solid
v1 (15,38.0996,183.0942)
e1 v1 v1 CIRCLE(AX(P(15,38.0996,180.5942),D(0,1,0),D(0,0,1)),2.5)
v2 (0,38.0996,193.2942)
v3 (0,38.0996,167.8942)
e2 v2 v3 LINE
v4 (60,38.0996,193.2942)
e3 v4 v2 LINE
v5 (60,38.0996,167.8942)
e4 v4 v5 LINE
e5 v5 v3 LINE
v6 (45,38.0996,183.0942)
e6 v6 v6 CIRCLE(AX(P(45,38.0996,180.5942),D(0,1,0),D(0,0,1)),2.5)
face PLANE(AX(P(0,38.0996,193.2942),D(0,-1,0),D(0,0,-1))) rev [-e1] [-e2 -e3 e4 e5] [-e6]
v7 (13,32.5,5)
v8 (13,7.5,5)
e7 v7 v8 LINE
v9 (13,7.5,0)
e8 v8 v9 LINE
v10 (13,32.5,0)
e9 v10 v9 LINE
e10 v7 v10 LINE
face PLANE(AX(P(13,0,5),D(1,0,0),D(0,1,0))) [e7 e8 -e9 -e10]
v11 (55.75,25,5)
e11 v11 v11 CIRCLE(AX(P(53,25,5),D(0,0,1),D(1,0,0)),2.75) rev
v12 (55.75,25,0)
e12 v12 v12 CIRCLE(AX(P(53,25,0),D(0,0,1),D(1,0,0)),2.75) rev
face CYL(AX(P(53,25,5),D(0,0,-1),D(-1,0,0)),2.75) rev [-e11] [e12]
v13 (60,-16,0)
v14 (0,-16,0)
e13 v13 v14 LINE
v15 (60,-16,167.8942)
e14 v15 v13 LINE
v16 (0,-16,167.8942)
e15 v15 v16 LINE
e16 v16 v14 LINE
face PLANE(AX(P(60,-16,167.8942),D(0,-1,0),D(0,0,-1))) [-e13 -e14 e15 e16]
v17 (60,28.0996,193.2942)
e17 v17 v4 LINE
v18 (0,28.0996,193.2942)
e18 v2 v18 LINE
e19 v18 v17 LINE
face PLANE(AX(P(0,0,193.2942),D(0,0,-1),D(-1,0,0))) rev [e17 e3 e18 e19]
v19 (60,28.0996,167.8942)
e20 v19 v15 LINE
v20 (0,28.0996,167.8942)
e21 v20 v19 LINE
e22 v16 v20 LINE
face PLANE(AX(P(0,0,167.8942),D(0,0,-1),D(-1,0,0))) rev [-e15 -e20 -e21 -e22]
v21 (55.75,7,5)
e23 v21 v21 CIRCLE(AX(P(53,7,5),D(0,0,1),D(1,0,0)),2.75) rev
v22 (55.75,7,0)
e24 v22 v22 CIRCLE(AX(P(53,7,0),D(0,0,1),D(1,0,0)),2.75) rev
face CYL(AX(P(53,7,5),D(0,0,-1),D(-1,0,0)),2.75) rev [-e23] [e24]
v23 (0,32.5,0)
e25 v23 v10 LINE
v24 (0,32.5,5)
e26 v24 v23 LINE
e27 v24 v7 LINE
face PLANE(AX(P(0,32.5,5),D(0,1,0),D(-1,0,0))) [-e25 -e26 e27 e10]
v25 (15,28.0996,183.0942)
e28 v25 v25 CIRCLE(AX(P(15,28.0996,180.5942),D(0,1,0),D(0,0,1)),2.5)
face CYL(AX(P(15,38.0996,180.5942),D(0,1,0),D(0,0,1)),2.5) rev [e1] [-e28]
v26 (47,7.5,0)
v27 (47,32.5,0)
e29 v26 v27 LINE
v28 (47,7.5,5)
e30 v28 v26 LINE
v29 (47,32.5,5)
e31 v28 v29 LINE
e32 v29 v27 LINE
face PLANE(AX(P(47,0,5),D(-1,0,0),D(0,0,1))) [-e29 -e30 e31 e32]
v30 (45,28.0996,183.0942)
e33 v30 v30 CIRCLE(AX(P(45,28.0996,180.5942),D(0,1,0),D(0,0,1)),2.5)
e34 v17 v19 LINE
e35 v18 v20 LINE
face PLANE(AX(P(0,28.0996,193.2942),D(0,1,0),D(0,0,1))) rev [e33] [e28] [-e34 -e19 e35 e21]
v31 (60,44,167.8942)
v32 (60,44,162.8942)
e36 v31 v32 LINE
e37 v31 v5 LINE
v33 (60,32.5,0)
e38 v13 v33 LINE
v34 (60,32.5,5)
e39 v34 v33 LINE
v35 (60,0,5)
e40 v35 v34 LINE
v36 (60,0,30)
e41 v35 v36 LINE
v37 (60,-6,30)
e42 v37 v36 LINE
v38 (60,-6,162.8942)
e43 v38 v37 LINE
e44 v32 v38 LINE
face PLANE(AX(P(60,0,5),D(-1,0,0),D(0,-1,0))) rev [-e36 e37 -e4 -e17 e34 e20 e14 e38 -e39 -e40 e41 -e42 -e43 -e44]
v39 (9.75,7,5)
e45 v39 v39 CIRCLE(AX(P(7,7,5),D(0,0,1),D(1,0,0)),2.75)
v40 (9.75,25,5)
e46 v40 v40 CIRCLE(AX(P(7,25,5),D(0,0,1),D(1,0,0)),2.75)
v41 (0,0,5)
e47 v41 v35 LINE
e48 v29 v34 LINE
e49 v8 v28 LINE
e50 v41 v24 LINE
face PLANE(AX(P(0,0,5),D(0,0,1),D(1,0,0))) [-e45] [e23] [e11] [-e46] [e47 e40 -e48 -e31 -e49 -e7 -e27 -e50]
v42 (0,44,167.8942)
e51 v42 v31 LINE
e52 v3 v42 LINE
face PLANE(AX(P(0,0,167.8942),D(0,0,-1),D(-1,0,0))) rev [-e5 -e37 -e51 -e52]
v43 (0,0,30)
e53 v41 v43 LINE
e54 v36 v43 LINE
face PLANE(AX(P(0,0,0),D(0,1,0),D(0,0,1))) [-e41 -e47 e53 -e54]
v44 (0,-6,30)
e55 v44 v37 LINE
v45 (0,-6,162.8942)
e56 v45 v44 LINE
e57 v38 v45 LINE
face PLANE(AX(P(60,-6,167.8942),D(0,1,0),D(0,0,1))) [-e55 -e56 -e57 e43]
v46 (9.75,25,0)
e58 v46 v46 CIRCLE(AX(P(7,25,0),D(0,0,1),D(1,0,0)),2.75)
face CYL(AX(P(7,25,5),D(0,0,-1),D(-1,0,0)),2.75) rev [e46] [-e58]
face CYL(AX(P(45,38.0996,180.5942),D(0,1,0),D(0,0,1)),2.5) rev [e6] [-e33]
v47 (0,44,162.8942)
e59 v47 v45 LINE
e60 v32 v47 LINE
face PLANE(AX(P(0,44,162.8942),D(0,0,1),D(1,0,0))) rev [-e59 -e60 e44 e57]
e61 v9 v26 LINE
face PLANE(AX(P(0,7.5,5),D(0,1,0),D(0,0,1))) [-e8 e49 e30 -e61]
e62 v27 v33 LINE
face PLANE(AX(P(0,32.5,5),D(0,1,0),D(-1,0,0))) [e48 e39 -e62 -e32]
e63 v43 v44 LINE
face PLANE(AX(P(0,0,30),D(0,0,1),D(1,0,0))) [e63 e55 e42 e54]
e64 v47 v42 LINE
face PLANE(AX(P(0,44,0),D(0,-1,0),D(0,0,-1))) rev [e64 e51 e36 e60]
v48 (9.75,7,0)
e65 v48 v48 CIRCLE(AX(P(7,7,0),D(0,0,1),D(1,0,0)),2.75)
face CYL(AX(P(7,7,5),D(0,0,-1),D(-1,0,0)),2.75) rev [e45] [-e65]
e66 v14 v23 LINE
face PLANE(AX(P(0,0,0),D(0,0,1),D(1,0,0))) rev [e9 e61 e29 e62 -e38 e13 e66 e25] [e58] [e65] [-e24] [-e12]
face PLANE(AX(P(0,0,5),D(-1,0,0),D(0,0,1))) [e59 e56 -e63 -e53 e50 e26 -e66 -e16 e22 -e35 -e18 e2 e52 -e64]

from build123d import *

# Parameters (mm, degrees)
SKETCH1_R                = 2.75
BOSS_EXTRUDE1_DEPTH      = 5
BOSS_EXTRUDE2_DEPTH      = 25
BOSS_EXTRUDE2_DEPTH_BACK = 5
SKETCH2_W                = 60
SKETCH2_H                = 6
SKETCH3_W                = 60
SKETCH3_H                = 10
BOSS_EXTRUDE3_DEPTH      = 167.8942
SKETCH4_W                = 60
SKETCH4_H                = 5
BOSS_EXTRUDE4_DEPTH      = 50
SKETCH5_W                = 60
SKETCH5_H                = 10
BOSS_EXTRUDE5_DEPTH      = 25.4
M5X0_8_TAPPED_HOLE1_D    = 5


with BuildPart() as part:
    # Sketch1 → Boss-Extrude1 (new body)
    # profile 1 of 2: a face of its own
    with BuildSketch(Plane.XY):
        Polygon((13, 7.5), (13, 32.5), (0, 32.5), (0, 0), (30, 0), (30, 7.5), align=None)
        with Locations((7, 7)):
            Circle(SKETCH1_R, mode=Mode.SUBTRACT)
        with Locations((7, 25)):
            Circle(SKETCH1_R, mode=Mode.SUBTRACT)
    # profile 2 of 2: a face of its own
    with BuildSketch(Plane.XY):
        Polygon((47, 7.5), (30, 7.5), (30, 0), (60, 0), (60, 32.5), (47, 32.5), align=None)
        with Locations((53, 7)):
            Circle(SKETCH1_R, mode=Mode.SUBTRACT)
        with Locations((53, 25)):
            Circle(SKETCH1_R, mode=Mode.SUBTRACT)
    extrude(amount=BOSS_EXTRUDE1_DEPTH)

    # Sketch2 → Boss-Extrude2 (add, two sides: drawn at the far end of the back side and taken through both)
    with BuildSketch(Plane.XY.offset(5).offset(-BOSS_EXTRUDE2_DEPTH_BACK)):
        with Locations((30, -3)):
            Rectangle(SKETCH2_W, SKETCH2_H)
    extrude(amount=BOSS_EXTRUDE2_DEPTH + BOSS_EXTRUDE2_DEPTH_BACK)

    # Sketch3 → Boss-Extrude3 (add)
    with BuildSketch(Plane(origin=(0, 0, 0), x_dir=(-1, 0, 0), z_dir=(0, 0, -1))):
        with Locations((-30, -11)):
            Rectangle(SKETCH3_W, SKETCH3_H)
    extrude(amount=-BOSS_EXTRUDE3_DEPTH)

    # Sketch4 → Boss-Extrude4 (add)
    with BuildSketch(Plane(origin=(0, -6, 0), x_dir=(1, 0, 0), z_dir=(0, 1, 0))):
        with Locations((30, -165.3942)):
            Rectangle(SKETCH4_W, SKETCH4_H)
    extrude(amount=BOSS_EXTRUDE4_DEPTH)

    # Sketch5 → Boss-Extrude5 (add)
    with BuildSketch(Plane.XY.offset(167.8942)):
        with Locations((30, 33.0996)):
            Rectangle(SKETCH5_W, SKETCH5_H)
    extrude(amount=BOSS_EXTRUDE5_DEPTH)

    # M5x0.8 Tapped Hole1 (through all)
    with Locations(Plane(origin=(0, 38.0996, 0), x_dir=(1, 0, 0), z_dir=(0, 1, 0))):
        with Locations((45, -180.5942), (15, -180.5942)):
            Hole(M5X0_8_TAPPED_HOLE1_D / 2)


solid = part.part
